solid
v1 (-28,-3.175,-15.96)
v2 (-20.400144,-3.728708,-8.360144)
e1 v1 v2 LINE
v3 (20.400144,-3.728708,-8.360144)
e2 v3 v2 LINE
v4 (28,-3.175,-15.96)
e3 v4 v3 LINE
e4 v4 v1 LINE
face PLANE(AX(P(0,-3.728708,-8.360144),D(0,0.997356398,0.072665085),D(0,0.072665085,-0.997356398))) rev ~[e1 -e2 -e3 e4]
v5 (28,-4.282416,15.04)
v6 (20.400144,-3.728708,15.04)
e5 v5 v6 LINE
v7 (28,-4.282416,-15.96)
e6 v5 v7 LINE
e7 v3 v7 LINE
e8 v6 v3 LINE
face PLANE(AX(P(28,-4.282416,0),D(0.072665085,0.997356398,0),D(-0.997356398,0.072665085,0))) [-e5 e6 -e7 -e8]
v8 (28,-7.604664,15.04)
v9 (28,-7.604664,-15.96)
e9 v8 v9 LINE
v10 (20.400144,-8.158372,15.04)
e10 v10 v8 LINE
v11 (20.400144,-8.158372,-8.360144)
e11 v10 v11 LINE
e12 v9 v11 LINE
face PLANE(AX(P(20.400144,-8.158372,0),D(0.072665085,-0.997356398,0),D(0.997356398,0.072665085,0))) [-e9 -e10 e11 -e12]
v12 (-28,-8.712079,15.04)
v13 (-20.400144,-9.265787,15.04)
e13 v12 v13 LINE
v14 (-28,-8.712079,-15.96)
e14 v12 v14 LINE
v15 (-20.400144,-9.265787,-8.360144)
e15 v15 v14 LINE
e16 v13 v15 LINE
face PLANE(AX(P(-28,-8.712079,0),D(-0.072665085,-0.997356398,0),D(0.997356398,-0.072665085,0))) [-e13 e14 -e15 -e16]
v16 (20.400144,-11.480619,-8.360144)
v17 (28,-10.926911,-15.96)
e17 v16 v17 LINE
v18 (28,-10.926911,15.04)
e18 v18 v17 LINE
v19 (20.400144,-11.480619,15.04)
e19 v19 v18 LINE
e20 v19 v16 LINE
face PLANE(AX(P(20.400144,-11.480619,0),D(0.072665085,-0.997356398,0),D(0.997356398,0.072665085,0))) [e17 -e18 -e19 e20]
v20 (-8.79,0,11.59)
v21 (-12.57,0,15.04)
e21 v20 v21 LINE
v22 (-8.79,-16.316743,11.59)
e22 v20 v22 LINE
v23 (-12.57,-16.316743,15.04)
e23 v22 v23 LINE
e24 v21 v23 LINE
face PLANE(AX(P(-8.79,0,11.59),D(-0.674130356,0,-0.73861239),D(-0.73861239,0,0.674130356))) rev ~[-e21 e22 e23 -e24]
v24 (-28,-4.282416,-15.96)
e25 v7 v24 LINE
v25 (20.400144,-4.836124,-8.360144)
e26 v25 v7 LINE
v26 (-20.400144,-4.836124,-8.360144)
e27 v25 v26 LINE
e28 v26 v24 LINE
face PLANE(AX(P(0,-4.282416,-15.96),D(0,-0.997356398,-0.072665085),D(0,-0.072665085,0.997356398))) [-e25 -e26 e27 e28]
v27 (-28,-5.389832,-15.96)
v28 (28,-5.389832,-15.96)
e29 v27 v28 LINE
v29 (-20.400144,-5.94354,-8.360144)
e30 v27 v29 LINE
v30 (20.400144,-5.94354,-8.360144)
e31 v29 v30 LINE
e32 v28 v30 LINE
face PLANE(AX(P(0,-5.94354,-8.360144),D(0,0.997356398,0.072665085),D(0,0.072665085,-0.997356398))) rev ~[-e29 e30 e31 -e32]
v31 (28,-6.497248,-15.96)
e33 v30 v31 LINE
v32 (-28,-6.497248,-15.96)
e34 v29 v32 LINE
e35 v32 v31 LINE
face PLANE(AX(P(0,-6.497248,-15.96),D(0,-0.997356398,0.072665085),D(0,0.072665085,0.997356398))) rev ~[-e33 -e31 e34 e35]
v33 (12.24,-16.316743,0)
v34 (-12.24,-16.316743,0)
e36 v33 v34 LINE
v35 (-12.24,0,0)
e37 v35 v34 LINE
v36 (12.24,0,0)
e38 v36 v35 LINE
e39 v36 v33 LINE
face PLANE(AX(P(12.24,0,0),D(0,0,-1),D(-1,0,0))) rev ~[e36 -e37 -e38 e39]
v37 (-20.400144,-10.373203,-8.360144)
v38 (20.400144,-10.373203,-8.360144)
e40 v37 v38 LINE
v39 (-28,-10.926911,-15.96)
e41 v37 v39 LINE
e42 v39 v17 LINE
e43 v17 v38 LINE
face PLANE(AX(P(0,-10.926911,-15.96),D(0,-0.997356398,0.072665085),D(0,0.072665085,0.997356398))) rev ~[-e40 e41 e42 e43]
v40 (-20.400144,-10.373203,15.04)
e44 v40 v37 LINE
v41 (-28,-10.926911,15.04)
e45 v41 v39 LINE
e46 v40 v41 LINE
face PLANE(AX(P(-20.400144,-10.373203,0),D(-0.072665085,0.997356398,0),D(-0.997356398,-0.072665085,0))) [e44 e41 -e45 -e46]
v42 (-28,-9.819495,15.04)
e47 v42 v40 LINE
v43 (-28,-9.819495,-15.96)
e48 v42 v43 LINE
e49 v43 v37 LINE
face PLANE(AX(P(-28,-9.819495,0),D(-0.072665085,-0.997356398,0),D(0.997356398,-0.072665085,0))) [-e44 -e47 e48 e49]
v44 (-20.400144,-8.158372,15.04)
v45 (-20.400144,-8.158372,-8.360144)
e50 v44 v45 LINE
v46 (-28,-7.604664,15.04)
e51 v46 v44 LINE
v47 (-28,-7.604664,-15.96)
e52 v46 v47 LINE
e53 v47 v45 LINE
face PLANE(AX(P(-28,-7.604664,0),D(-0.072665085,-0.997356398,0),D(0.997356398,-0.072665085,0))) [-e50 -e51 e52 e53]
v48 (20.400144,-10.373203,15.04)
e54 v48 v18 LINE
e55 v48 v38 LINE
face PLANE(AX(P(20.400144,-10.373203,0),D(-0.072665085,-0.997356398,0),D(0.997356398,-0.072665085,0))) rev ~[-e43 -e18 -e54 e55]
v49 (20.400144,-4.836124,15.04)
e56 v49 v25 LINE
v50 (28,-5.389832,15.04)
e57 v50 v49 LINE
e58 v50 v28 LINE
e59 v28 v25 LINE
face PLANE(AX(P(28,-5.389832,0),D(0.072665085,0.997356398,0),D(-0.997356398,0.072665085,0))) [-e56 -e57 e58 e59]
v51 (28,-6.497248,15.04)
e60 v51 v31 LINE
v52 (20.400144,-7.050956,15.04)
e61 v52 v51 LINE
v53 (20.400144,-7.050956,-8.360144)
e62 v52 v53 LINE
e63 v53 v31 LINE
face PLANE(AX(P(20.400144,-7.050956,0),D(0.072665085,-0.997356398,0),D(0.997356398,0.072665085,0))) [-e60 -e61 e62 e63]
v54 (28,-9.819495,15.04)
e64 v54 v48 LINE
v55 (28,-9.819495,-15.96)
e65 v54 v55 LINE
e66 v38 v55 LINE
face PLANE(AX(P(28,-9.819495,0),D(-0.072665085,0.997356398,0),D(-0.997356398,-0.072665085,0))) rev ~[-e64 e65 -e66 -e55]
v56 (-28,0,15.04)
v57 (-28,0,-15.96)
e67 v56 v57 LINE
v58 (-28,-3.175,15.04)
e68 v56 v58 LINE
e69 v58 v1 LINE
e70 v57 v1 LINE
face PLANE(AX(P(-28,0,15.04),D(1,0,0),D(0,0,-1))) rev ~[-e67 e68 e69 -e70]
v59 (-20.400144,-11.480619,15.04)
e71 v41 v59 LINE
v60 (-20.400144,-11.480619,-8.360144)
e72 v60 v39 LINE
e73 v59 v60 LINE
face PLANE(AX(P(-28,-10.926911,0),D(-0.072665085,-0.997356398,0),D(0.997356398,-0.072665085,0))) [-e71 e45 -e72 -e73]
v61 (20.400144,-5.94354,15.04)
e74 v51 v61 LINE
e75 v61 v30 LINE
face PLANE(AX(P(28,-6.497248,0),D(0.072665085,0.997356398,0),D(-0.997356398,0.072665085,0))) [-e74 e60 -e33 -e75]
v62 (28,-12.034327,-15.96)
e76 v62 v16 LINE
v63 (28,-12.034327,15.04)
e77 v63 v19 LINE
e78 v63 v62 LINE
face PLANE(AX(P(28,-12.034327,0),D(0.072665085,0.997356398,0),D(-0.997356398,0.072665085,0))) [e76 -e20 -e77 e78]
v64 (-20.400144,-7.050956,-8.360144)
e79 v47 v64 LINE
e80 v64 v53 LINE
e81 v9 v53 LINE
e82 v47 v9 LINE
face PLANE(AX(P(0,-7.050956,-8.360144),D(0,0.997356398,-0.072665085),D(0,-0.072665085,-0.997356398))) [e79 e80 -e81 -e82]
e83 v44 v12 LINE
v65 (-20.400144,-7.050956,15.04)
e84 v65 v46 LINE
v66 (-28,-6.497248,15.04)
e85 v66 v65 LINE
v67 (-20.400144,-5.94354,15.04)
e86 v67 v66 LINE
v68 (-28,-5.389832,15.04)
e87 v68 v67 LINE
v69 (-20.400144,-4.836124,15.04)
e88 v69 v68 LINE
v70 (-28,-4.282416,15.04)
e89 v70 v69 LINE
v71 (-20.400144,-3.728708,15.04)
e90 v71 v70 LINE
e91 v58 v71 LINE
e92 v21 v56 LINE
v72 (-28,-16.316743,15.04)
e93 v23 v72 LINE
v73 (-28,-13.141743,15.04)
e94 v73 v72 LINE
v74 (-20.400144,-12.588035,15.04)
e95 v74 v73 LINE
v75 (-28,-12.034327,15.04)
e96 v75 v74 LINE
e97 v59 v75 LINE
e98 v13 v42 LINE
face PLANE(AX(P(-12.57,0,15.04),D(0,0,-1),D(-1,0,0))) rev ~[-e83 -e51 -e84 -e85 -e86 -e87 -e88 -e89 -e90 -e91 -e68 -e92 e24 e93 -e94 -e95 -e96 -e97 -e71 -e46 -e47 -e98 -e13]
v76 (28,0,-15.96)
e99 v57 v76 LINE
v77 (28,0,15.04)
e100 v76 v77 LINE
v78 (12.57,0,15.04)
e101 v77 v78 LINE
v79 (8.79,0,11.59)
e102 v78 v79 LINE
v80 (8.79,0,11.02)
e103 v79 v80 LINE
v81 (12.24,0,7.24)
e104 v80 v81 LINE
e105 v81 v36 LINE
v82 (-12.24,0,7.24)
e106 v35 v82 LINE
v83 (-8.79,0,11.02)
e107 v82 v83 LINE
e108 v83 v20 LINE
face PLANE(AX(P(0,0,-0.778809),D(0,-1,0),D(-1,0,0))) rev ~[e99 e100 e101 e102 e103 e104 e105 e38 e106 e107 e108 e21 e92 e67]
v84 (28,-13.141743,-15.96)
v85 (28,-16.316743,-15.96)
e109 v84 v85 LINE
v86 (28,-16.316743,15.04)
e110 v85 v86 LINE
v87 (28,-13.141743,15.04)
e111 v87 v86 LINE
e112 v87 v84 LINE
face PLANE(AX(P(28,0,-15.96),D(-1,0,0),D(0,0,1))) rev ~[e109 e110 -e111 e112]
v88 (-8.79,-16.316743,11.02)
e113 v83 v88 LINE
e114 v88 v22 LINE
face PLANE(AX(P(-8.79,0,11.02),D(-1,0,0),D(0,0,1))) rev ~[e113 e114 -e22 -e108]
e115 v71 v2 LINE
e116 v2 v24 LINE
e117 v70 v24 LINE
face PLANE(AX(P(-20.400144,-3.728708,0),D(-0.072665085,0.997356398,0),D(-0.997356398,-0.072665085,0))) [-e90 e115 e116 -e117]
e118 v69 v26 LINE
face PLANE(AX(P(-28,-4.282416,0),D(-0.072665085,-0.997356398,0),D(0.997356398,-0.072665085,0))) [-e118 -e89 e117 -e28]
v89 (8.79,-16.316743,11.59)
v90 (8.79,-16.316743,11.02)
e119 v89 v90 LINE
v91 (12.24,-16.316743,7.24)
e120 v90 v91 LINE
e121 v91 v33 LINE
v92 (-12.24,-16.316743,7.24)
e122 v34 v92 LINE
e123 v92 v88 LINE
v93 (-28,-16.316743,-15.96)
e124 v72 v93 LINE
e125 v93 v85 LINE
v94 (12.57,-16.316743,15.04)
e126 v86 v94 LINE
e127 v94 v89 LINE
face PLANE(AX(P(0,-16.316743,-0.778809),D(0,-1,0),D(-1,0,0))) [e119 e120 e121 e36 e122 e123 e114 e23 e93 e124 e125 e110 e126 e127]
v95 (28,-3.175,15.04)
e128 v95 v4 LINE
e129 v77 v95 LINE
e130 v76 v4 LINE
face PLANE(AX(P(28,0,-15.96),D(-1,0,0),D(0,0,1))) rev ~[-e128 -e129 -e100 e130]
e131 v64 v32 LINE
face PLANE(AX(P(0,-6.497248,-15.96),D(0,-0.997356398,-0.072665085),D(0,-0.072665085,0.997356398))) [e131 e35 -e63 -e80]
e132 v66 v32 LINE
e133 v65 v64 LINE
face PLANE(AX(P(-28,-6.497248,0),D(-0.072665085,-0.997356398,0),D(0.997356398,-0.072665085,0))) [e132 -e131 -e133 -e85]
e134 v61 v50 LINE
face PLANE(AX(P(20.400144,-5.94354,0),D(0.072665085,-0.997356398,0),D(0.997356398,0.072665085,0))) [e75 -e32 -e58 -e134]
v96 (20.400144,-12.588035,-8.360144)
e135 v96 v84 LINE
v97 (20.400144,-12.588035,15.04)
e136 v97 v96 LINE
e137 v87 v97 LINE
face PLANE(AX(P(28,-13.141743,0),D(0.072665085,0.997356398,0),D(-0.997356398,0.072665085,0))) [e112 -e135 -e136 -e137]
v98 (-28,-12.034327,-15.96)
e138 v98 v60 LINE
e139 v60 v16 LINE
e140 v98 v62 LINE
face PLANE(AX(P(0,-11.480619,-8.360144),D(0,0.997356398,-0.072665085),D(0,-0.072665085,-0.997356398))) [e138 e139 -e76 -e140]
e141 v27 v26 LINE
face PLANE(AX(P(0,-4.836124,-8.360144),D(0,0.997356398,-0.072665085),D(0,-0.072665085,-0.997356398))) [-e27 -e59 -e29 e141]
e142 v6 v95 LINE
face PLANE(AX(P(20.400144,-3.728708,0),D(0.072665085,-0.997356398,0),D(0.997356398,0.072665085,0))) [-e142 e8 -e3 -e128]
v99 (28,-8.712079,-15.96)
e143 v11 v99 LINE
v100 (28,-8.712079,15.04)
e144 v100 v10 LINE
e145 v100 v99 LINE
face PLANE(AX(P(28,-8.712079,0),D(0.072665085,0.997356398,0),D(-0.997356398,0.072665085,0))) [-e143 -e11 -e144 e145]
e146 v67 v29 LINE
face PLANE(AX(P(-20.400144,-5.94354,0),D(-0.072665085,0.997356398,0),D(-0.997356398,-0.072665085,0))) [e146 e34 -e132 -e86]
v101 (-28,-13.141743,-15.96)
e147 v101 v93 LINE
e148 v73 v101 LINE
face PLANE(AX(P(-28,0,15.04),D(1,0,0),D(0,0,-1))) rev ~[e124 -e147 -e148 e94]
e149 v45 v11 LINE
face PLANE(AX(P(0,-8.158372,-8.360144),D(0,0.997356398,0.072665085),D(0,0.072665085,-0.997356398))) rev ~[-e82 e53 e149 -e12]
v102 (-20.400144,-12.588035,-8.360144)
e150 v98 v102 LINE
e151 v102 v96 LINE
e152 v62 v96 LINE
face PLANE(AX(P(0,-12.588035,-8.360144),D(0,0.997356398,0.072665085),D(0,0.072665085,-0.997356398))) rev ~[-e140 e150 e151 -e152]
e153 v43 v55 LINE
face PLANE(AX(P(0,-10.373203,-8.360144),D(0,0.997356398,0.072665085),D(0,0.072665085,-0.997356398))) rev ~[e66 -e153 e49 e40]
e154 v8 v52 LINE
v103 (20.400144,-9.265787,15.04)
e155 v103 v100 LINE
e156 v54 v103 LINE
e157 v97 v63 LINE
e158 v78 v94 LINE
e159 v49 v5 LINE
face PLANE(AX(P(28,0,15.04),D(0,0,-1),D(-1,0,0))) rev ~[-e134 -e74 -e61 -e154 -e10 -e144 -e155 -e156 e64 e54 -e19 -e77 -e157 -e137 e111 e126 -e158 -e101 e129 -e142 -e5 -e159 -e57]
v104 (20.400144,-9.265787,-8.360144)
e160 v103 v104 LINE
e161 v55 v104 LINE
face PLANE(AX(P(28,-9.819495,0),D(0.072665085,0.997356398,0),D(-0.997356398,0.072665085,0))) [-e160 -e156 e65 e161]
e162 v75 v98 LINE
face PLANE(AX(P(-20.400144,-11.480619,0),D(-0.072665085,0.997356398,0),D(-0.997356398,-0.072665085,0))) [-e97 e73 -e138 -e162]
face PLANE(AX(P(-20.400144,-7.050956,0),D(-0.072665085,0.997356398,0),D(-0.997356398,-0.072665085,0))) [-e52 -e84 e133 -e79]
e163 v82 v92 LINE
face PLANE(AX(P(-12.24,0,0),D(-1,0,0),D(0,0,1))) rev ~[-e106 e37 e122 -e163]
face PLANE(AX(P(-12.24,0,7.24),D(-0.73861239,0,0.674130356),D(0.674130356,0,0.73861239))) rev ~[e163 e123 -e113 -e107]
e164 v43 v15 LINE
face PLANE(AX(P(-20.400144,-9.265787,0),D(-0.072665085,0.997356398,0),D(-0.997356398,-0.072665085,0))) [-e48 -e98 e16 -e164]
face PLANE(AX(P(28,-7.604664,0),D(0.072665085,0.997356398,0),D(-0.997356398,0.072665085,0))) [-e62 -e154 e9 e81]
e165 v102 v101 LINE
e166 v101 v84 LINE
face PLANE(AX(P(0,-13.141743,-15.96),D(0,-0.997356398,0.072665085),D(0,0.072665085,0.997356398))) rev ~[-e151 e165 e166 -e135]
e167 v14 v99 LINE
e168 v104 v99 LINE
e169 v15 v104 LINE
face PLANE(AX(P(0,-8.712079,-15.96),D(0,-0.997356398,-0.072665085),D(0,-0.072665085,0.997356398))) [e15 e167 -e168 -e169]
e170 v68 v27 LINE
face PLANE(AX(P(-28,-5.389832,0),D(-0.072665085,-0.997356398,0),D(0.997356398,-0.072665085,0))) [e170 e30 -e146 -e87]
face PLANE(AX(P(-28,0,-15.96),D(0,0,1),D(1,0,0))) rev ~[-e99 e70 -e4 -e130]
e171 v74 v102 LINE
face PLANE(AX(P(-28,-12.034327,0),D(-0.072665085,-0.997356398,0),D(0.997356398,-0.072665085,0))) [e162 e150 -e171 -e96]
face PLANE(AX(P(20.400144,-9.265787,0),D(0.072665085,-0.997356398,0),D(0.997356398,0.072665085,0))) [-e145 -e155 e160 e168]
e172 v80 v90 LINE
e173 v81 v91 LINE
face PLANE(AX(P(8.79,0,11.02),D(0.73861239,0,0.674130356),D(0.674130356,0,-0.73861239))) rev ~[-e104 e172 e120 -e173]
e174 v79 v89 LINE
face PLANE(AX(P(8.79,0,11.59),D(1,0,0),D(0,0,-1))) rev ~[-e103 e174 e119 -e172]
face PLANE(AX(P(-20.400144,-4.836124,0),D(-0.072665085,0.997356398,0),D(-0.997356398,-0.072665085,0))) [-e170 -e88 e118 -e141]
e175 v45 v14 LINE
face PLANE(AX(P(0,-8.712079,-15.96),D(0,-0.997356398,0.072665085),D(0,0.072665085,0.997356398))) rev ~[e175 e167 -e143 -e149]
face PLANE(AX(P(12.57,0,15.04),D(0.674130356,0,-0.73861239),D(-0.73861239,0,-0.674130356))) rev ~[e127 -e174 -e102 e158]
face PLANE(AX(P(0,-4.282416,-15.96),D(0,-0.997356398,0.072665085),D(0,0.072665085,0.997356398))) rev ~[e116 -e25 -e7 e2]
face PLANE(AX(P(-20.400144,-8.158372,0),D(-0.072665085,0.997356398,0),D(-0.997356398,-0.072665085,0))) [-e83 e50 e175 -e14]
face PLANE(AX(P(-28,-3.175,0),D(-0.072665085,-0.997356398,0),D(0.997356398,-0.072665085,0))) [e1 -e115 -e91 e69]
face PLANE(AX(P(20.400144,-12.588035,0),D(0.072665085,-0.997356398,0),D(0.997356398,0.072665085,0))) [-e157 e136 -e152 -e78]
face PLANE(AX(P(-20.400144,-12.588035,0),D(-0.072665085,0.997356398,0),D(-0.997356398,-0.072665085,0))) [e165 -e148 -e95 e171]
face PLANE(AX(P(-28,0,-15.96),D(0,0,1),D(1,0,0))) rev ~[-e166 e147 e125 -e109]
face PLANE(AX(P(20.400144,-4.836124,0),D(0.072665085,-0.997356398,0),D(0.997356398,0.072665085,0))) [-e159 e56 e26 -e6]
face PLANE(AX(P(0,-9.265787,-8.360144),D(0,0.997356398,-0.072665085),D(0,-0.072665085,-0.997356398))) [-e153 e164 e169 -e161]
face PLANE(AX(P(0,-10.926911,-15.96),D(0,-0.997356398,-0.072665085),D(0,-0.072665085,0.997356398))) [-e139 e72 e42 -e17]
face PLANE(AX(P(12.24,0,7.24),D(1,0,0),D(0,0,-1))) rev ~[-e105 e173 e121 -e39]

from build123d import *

# Parameters (mm, degrees)
BOSS_EXTRUDE1_DEPTH     = 16.316743
CUT_EXTRUDE1_DEPTH      = 16.04
CUT_EXTRUDE1_DEPTH_BACK = 16.96
CUT_EXTRUDE2_DEPTH      = 29
CUT_EXTRUDE2_DEPTH_BACK = 29


with BuildPart() as part:
    # Sketch3 → Boss-Extrude1 (new body)
    with BuildSketch(Plane(origin=(0, 0, 0), x_dir=(1, 0, 0), z_dir=(0, 1, 0))):
        Polygon((-28, 15.96), (28, 15.96), (28, -15.04), (12.57, -15.04), (8.79, -11.59), (8.79, -11.02), (12.24, -7.24), (12.24, 0), (-12.24, 0), (-12.24, -7.24), (-8.79, -11.02), (-8.79, -11.59), (-12.57, -15.04), (-28, -15.04), align=None)
    extrude(amount=-BOSS_EXTRUDE1_DEPTH)

    # Sketch4 → Cut-Extrude1 (cut, two sides)
    with BuildSketch(Plane.XY) as cut_extrude1_sk:
        Polygon((28, -3.175), (28, -4.282415891), (20.400144244, -3.728707945), align=None)
        Polygon((28, -4.282415891), (28, -5.389831781), (20.400144244, -4.836123836), align=None)
        Polygon((28, -5.389831781), (28, -6.497247672), (20.400144244, -5.943539726), align=None)
        Polygon((28, -6.497247672), (28, -7.604663562), (20.400144244, -7.050955617), align=None)
        Polygon((28, -7.604663562), (28, -8.712079453), (20.400144244, -8.158371507), align=None)
        Polygon((28, -8.712079453), (28, -9.819495343), (20.400144244, -9.265787398), align=None)
        Polygon((20.400144244, -10.373203288), (28, -10.926911234), (28, -9.819495343), align=None)
        Polygon((28, -10.926911234), (28, -12.034327124), (20.400144244, -11.480619179), align=None)
        Polygon((28, -12.034327124), (28, -13.141743015), (20.400144244, -12.588035069), align=None)
        Polygon((-28, -13.141743015), (-28, -12.034327124), (-20.400144244, -12.588035069), align=None)
        Polygon((-28, -10.926911234), (-20.400144244, -11.480619179), (-28, -12.034327124), align=None)
        Polygon((-28, -10.926911234), (-28, -9.819495343), (-20.400144244, -10.373203288), align=None)
        Polygon((-28, -8.712079453), (-20.400144244, -9.265787398), (-28, -9.819495343), align=None)
        Polygon((-28, -7.604663562), (-20.400144244, -8.158371507), (-28, -8.712079453), align=None)
        Polygon((-28, -6.497247672), (-20.400144244, -7.050955617), (-28, -7.604663562), align=None)
        Polygon((-28, -5.389831781), (-20.400144244, -5.943539726), (-28, -6.497247672), align=None)
        Polygon((-28, -4.282415891), (-20.400144244, -4.836123836), (-28, -5.389831781), align=None)
        Polygon((-28, -3.175), (-20.400144244, -3.728707945), (-28, -4.282415891), align=None)
    extrude(amount=CUT_EXTRUDE1_DEPTH, mode=Mode.SUBTRACT)
    extrude(cut_extrude1_sk.sketch, amount=-CUT_EXTRUDE1_DEPTH_BACK, mode=Mode.SUBTRACT)

    # Sketch5 → Cut-Extrude2 (cut, two sides)
    with BuildSketch(Plane(origin=(0, 0, 0), x_dir=(0, 0, -1), z_dir=(1, 0, 0))) as cut_extrude2_sk:
        Polygon((15.96, -3.175), (15.96, -4.282415891), (8.360144244, -3.728707945), align=None)
        Polygon((8.360144244, -4.836123836), (15.96, -5.389831781), (15.96, -4.282415891), align=None)
        Polygon((15.96, -5.389831781), (15.96, -6.497247672), (8.360144244, -5.943539726), align=None)
        Polygon((8.360144244, -7.050955617), (15.96, -7.604663562), (15.96, -6.497247672), align=None)
        Polygon((15.96, -7.604663562), (15.96, -8.712079453), (8.360144244, -8.158371507), align=None)
        Polygon((8.360144244, -9.265787398), (15.96, -9.819495343), (15.96, -8.712079453), align=None)
        Polygon((15.96, -9.819495343), (15.96, -10.926911234), (8.360144244, -10.373203288), align=None)
        Polygon((8.360144244, -11.480619179), (15.96, -12.034327124), (15.96, -10.926911234), align=None)
        Polygon((15.96, -12.034327124), (15.96, -13.141743015), (8.360144244, -12.588035069), align=None)
    extrude(amount=CUT_EXTRUDE2_DEPTH, mode=Mode.SUBTRACT)
    extrude(cut_extrude2_sk.sketch, amount=-CUT_EXTRUDE2_DEPTH_BACK, mode=Mode.SUBTRACT)


solid = part.part
